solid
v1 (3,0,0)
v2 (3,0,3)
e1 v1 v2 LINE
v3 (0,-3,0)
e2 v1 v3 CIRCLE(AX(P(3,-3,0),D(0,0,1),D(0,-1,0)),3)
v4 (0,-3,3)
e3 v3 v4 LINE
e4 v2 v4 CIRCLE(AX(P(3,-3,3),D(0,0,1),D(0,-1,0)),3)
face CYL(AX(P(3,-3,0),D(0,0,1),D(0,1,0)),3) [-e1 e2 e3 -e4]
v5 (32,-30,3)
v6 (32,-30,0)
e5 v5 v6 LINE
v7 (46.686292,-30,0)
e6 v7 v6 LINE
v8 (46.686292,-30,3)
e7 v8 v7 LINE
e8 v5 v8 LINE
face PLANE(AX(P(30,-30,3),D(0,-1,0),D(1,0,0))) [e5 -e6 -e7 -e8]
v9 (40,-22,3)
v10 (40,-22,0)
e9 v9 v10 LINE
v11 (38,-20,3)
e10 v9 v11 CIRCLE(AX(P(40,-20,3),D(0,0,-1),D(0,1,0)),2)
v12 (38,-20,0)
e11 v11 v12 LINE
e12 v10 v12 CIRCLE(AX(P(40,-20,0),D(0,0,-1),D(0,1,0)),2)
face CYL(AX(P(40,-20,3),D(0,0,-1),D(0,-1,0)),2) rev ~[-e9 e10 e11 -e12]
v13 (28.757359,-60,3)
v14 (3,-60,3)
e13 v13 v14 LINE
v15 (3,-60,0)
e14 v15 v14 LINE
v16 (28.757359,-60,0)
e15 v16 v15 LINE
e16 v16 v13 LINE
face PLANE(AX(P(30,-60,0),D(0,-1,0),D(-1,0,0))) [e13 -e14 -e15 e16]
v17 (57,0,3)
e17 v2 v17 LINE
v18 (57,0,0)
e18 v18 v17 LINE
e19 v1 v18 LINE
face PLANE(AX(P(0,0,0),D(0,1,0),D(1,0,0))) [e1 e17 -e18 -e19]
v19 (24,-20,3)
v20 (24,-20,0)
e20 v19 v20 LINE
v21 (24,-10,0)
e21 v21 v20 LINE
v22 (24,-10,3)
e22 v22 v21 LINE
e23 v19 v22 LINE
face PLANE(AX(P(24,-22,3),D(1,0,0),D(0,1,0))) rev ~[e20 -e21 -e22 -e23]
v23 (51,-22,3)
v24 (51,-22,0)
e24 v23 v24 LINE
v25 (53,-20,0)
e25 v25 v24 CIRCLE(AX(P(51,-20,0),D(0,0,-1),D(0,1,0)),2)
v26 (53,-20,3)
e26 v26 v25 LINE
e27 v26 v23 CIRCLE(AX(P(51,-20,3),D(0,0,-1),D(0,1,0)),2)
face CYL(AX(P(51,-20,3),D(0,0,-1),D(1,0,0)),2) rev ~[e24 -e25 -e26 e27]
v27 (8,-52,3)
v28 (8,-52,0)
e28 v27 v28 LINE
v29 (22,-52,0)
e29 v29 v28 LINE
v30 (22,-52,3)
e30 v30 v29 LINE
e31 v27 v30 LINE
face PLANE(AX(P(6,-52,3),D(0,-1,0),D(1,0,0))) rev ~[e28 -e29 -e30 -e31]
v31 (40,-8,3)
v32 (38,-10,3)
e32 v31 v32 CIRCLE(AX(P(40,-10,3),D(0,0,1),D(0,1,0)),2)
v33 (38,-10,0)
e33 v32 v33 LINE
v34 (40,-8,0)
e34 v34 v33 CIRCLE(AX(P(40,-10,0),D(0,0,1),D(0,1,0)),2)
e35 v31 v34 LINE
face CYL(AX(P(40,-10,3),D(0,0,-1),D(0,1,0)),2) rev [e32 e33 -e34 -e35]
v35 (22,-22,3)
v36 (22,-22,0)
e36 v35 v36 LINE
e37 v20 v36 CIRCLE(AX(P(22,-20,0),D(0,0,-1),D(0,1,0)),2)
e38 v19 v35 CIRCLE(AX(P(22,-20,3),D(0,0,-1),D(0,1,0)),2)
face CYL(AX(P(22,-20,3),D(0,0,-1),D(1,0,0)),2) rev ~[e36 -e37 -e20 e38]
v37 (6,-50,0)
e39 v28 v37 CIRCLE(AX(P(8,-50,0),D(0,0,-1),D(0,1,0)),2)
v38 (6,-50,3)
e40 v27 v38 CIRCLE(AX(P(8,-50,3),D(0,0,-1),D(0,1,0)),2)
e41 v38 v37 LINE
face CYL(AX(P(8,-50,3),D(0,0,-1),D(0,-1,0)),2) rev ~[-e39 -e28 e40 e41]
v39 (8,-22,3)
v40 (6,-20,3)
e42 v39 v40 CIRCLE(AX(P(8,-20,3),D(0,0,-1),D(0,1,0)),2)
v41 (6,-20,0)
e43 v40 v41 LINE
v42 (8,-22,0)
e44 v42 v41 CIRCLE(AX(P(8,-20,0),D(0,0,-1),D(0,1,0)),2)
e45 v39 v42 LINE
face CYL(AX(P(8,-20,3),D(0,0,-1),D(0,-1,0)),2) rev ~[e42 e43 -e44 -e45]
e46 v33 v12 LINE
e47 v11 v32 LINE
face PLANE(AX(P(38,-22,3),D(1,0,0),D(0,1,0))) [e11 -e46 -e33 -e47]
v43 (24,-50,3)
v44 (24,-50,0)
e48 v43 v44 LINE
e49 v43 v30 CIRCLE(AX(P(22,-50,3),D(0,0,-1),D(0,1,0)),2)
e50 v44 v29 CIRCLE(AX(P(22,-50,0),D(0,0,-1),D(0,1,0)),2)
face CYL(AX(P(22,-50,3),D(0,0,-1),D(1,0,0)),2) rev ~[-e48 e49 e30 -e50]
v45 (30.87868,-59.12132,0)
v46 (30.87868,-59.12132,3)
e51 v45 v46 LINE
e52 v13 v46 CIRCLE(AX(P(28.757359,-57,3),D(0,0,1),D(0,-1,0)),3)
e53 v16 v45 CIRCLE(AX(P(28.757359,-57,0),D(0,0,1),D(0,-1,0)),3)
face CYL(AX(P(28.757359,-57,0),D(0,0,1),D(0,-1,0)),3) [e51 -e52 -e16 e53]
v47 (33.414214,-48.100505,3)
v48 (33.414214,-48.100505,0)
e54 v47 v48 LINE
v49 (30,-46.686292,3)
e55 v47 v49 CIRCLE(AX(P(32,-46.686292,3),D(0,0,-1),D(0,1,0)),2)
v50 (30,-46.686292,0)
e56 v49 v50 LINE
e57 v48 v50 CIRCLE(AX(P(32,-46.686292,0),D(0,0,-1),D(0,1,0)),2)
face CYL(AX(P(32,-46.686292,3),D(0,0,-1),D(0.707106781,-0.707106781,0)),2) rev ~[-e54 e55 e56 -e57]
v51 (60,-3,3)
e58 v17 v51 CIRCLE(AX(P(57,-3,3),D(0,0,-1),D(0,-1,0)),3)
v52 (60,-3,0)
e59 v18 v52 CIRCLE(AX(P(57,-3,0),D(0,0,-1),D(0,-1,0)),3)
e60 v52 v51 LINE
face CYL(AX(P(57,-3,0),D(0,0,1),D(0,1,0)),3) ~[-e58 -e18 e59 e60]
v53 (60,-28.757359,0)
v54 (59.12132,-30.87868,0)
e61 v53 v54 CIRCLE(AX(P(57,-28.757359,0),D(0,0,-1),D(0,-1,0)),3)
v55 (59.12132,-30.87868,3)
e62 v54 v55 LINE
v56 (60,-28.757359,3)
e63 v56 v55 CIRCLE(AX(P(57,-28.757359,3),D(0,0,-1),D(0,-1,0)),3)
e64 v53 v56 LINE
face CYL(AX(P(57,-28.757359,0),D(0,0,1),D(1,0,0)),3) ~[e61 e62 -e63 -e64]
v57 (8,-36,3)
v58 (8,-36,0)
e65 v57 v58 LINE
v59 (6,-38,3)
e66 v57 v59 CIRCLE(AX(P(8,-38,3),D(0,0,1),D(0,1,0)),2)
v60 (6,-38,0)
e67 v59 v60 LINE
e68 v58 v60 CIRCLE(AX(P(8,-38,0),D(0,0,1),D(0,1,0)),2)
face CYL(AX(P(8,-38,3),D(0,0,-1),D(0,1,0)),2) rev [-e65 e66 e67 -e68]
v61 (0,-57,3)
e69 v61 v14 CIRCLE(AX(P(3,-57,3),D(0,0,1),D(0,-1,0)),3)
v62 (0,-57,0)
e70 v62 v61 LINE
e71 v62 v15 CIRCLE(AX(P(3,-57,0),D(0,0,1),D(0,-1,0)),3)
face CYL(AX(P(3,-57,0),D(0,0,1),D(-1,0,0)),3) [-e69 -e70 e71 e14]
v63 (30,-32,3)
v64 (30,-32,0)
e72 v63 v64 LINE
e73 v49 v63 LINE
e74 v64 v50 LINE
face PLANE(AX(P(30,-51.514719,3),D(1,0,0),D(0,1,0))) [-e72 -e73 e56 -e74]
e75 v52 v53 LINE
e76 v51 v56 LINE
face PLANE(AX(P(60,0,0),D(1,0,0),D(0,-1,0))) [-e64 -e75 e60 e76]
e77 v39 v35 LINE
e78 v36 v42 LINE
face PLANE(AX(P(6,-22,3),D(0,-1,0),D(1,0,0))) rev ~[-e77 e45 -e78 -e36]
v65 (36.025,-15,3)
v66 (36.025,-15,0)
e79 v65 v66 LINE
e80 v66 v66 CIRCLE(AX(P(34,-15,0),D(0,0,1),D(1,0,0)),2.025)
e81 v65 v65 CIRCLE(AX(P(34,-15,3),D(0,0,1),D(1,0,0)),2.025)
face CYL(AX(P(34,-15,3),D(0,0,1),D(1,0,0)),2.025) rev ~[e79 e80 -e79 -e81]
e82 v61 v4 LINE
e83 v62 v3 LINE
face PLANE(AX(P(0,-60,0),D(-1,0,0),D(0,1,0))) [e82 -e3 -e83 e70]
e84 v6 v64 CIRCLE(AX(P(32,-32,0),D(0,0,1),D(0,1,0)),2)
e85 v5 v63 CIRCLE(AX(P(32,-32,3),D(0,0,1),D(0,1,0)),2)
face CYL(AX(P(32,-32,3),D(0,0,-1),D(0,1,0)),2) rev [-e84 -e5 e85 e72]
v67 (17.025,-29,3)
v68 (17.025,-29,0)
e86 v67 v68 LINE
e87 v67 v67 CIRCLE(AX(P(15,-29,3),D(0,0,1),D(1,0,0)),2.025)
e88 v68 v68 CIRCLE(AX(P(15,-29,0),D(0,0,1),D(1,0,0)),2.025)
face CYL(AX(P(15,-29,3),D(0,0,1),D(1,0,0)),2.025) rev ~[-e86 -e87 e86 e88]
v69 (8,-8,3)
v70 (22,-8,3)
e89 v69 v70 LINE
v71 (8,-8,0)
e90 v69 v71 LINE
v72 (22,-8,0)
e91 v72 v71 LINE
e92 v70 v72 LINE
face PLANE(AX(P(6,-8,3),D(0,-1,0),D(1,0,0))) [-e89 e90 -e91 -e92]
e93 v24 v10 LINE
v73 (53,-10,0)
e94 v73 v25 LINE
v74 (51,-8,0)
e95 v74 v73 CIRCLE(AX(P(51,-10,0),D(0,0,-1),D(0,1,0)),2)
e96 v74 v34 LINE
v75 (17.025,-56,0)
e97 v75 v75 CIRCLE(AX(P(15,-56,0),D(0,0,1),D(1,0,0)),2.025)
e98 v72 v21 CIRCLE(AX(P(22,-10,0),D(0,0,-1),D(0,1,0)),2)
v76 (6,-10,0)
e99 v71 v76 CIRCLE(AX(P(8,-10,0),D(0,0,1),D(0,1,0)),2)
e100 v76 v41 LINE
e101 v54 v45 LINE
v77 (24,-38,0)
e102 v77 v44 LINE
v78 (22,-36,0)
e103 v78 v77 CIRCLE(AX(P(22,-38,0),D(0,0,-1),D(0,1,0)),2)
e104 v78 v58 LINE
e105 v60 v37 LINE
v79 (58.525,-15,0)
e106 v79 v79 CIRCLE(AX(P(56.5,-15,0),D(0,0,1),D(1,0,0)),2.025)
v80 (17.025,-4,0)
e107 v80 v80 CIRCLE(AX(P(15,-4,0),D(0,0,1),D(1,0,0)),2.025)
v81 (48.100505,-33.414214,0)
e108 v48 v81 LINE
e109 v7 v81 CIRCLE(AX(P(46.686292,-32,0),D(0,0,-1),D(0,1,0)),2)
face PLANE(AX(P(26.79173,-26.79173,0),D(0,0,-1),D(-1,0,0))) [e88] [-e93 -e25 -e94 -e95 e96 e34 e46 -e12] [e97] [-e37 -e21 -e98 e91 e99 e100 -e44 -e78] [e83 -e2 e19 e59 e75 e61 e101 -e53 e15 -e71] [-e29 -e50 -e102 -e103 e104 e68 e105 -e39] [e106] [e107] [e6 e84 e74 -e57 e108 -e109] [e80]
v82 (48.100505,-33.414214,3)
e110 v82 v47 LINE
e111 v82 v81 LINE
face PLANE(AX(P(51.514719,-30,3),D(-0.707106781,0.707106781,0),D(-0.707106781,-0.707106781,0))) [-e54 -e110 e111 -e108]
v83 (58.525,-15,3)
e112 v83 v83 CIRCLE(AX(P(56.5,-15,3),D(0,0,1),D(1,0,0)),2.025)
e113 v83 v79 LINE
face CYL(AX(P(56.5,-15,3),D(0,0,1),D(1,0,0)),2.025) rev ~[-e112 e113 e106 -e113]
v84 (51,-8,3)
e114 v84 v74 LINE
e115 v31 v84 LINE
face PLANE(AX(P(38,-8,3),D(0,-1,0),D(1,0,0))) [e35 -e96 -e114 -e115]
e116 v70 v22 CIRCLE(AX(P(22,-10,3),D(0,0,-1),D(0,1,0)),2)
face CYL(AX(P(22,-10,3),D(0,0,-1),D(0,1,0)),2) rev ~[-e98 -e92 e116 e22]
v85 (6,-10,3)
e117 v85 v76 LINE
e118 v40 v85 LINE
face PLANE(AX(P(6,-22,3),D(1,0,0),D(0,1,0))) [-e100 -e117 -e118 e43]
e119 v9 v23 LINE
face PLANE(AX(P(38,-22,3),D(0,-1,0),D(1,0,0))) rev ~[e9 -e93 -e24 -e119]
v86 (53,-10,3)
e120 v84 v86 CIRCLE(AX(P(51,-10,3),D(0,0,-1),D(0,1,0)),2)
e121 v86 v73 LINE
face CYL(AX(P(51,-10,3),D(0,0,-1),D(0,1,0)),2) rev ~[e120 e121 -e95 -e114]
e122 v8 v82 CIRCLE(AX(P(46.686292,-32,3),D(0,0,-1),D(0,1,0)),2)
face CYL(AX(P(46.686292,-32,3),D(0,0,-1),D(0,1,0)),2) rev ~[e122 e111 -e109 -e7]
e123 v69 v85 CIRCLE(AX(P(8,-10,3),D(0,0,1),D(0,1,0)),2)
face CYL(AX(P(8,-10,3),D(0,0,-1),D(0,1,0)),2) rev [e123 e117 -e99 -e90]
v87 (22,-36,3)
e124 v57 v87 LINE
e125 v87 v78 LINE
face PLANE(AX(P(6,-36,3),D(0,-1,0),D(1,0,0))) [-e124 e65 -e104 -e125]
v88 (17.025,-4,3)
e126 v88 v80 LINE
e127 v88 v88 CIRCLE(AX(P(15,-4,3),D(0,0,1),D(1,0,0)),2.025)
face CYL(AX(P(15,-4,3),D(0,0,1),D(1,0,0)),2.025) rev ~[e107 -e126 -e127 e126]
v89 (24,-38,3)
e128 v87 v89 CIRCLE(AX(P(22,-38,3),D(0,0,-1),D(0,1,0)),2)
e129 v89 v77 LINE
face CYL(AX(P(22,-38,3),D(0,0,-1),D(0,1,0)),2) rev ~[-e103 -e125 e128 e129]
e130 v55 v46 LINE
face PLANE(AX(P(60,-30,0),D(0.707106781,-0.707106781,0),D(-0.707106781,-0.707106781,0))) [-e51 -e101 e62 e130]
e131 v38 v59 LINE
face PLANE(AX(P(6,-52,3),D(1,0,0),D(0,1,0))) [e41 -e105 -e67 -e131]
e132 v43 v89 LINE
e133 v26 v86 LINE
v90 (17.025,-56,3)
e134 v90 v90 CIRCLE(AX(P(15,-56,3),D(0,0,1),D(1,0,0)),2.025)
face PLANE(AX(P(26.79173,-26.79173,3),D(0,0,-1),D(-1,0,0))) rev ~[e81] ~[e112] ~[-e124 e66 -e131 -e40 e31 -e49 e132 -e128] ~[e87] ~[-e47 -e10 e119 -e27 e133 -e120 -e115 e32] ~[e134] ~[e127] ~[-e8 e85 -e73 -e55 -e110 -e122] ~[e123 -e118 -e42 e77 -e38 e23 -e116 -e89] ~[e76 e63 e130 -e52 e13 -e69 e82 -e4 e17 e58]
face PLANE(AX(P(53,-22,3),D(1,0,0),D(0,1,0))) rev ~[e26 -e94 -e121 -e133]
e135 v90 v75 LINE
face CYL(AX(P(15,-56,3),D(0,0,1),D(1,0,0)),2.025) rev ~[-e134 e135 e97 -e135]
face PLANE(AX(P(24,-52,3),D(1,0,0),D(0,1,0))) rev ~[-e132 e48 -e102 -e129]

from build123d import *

# Parameters (mm, degrees)
EXTRUDE_1_DEPTH     = 3
SKETCH_2_W          = 18
SKETCH_2_H          = 14
SKETCH_2_H_2        = 16
SKETCH_2_W_2        = 15
CUT_EXTRUDE_1_DEPTH = 10
FILLET_1_R          = 2
FILLET_2_R          = 3
SKETCH_4_R          = 2.025
CUT_EXTRUDE_2_DEPTH = 10
SKETCH_5_R          = 2.025
CUT_EXTRUDE_3_DEPTH = 10


with BuildPart() as part:
    # 草图1 → 凸台-拉伸1 (new body)
    with BuildSketch(Plane.XY):
        Polygon((0, 0), (60, 0), (60, -30), (30, -60), (0, -60), align=None)
    extrude(amount=EXTRUDE_1_DEPTH)

    # 草图2 → 切除-拉伸1 (cut)
    with BuildSketch(Plane.XY.offset(3)):
        Polygon((30, -51.514718626), (30, -30), (51.514718626, -30), align=None)
        with Locations((15, -15)):
            Rectangle(SKETCH_2_W, SKETCH_2_H)
        with Locations((15, -44)):
            Rectangle(SKETCH_2_W, SKETCH_2_H_2)
        with Locations((45.5, -15)):
            Rectangle(SKETCH_2_W_2, SKETCH_2_H)
    extrude(amount=-CUT_EXTRUDE_1_DEPTH, mode=Mode.SUBTRACT)

    # 圆角1
    fillet_1_edges = [part.edges().sort_by_distance(p)[0] for p in [
        (53, -8, 1.5),
        (53, -22, 1.5),
        (38, -22, 1.5),
        (38, -8, 1.5),
        (51.514718626, -30, 1.5),
        (30, -51.514718626, 1.5),
        (30, -30, 1.5),
        (24, -36, 1.5),
        (24, -52, 1.5),
        (6, -52, 1.5),
        (6, -36, 1.5),
        (24, -8, 1.5),
        (24, -22, 1.5),
        (6, -22, 1.5),
        (6, -8, 1.5),
    ]]
    fillet(fillet_1_edges, radius=FILLET_1_R)

    # 圆角2
    fillet_2_edges = [part.edges().sort_by_distance(p)[0] for p in [
        (0, 0, 1.5),
        (60, 0, 1.5),
        (60, -30, 1.5),
        (30, -60, 1.5),
        (0, -60, 1.5),
    ]]
    fillet(fillet_2_edges, radius=FILLET_2_R)

    # 草图4 → 切除-拉伸2 (cut)
    with BuildSketch(Plane.XY.offset(3)):
        with Locations((15, -29)):
            Circle(SKETCH_4_R)
        with Locations((15, -56)):
            Circle(SKETCH_4_R)
        with Locations((15, -4)):
            Circle(SKETCH_4_R)
    extrude(amount=-CUT_EXTRUDE_2_DEPTH, mode=Mode.SUBTRACT)

    # 草图5 → 切除-拉伸3 (cut)
    with BuildSketch(Plane.XY.offset(3)):
        with Locations((34, -15)):
            Circle(SKETCH_5_R)
        with Locations((56.5, -15)):
            Circle(SKETCH_5_R)
    extrude(amount=-CUT_EXTRUDE_3_DEPTH, mode=Mode.SUBTRACT)


solid = part.part
